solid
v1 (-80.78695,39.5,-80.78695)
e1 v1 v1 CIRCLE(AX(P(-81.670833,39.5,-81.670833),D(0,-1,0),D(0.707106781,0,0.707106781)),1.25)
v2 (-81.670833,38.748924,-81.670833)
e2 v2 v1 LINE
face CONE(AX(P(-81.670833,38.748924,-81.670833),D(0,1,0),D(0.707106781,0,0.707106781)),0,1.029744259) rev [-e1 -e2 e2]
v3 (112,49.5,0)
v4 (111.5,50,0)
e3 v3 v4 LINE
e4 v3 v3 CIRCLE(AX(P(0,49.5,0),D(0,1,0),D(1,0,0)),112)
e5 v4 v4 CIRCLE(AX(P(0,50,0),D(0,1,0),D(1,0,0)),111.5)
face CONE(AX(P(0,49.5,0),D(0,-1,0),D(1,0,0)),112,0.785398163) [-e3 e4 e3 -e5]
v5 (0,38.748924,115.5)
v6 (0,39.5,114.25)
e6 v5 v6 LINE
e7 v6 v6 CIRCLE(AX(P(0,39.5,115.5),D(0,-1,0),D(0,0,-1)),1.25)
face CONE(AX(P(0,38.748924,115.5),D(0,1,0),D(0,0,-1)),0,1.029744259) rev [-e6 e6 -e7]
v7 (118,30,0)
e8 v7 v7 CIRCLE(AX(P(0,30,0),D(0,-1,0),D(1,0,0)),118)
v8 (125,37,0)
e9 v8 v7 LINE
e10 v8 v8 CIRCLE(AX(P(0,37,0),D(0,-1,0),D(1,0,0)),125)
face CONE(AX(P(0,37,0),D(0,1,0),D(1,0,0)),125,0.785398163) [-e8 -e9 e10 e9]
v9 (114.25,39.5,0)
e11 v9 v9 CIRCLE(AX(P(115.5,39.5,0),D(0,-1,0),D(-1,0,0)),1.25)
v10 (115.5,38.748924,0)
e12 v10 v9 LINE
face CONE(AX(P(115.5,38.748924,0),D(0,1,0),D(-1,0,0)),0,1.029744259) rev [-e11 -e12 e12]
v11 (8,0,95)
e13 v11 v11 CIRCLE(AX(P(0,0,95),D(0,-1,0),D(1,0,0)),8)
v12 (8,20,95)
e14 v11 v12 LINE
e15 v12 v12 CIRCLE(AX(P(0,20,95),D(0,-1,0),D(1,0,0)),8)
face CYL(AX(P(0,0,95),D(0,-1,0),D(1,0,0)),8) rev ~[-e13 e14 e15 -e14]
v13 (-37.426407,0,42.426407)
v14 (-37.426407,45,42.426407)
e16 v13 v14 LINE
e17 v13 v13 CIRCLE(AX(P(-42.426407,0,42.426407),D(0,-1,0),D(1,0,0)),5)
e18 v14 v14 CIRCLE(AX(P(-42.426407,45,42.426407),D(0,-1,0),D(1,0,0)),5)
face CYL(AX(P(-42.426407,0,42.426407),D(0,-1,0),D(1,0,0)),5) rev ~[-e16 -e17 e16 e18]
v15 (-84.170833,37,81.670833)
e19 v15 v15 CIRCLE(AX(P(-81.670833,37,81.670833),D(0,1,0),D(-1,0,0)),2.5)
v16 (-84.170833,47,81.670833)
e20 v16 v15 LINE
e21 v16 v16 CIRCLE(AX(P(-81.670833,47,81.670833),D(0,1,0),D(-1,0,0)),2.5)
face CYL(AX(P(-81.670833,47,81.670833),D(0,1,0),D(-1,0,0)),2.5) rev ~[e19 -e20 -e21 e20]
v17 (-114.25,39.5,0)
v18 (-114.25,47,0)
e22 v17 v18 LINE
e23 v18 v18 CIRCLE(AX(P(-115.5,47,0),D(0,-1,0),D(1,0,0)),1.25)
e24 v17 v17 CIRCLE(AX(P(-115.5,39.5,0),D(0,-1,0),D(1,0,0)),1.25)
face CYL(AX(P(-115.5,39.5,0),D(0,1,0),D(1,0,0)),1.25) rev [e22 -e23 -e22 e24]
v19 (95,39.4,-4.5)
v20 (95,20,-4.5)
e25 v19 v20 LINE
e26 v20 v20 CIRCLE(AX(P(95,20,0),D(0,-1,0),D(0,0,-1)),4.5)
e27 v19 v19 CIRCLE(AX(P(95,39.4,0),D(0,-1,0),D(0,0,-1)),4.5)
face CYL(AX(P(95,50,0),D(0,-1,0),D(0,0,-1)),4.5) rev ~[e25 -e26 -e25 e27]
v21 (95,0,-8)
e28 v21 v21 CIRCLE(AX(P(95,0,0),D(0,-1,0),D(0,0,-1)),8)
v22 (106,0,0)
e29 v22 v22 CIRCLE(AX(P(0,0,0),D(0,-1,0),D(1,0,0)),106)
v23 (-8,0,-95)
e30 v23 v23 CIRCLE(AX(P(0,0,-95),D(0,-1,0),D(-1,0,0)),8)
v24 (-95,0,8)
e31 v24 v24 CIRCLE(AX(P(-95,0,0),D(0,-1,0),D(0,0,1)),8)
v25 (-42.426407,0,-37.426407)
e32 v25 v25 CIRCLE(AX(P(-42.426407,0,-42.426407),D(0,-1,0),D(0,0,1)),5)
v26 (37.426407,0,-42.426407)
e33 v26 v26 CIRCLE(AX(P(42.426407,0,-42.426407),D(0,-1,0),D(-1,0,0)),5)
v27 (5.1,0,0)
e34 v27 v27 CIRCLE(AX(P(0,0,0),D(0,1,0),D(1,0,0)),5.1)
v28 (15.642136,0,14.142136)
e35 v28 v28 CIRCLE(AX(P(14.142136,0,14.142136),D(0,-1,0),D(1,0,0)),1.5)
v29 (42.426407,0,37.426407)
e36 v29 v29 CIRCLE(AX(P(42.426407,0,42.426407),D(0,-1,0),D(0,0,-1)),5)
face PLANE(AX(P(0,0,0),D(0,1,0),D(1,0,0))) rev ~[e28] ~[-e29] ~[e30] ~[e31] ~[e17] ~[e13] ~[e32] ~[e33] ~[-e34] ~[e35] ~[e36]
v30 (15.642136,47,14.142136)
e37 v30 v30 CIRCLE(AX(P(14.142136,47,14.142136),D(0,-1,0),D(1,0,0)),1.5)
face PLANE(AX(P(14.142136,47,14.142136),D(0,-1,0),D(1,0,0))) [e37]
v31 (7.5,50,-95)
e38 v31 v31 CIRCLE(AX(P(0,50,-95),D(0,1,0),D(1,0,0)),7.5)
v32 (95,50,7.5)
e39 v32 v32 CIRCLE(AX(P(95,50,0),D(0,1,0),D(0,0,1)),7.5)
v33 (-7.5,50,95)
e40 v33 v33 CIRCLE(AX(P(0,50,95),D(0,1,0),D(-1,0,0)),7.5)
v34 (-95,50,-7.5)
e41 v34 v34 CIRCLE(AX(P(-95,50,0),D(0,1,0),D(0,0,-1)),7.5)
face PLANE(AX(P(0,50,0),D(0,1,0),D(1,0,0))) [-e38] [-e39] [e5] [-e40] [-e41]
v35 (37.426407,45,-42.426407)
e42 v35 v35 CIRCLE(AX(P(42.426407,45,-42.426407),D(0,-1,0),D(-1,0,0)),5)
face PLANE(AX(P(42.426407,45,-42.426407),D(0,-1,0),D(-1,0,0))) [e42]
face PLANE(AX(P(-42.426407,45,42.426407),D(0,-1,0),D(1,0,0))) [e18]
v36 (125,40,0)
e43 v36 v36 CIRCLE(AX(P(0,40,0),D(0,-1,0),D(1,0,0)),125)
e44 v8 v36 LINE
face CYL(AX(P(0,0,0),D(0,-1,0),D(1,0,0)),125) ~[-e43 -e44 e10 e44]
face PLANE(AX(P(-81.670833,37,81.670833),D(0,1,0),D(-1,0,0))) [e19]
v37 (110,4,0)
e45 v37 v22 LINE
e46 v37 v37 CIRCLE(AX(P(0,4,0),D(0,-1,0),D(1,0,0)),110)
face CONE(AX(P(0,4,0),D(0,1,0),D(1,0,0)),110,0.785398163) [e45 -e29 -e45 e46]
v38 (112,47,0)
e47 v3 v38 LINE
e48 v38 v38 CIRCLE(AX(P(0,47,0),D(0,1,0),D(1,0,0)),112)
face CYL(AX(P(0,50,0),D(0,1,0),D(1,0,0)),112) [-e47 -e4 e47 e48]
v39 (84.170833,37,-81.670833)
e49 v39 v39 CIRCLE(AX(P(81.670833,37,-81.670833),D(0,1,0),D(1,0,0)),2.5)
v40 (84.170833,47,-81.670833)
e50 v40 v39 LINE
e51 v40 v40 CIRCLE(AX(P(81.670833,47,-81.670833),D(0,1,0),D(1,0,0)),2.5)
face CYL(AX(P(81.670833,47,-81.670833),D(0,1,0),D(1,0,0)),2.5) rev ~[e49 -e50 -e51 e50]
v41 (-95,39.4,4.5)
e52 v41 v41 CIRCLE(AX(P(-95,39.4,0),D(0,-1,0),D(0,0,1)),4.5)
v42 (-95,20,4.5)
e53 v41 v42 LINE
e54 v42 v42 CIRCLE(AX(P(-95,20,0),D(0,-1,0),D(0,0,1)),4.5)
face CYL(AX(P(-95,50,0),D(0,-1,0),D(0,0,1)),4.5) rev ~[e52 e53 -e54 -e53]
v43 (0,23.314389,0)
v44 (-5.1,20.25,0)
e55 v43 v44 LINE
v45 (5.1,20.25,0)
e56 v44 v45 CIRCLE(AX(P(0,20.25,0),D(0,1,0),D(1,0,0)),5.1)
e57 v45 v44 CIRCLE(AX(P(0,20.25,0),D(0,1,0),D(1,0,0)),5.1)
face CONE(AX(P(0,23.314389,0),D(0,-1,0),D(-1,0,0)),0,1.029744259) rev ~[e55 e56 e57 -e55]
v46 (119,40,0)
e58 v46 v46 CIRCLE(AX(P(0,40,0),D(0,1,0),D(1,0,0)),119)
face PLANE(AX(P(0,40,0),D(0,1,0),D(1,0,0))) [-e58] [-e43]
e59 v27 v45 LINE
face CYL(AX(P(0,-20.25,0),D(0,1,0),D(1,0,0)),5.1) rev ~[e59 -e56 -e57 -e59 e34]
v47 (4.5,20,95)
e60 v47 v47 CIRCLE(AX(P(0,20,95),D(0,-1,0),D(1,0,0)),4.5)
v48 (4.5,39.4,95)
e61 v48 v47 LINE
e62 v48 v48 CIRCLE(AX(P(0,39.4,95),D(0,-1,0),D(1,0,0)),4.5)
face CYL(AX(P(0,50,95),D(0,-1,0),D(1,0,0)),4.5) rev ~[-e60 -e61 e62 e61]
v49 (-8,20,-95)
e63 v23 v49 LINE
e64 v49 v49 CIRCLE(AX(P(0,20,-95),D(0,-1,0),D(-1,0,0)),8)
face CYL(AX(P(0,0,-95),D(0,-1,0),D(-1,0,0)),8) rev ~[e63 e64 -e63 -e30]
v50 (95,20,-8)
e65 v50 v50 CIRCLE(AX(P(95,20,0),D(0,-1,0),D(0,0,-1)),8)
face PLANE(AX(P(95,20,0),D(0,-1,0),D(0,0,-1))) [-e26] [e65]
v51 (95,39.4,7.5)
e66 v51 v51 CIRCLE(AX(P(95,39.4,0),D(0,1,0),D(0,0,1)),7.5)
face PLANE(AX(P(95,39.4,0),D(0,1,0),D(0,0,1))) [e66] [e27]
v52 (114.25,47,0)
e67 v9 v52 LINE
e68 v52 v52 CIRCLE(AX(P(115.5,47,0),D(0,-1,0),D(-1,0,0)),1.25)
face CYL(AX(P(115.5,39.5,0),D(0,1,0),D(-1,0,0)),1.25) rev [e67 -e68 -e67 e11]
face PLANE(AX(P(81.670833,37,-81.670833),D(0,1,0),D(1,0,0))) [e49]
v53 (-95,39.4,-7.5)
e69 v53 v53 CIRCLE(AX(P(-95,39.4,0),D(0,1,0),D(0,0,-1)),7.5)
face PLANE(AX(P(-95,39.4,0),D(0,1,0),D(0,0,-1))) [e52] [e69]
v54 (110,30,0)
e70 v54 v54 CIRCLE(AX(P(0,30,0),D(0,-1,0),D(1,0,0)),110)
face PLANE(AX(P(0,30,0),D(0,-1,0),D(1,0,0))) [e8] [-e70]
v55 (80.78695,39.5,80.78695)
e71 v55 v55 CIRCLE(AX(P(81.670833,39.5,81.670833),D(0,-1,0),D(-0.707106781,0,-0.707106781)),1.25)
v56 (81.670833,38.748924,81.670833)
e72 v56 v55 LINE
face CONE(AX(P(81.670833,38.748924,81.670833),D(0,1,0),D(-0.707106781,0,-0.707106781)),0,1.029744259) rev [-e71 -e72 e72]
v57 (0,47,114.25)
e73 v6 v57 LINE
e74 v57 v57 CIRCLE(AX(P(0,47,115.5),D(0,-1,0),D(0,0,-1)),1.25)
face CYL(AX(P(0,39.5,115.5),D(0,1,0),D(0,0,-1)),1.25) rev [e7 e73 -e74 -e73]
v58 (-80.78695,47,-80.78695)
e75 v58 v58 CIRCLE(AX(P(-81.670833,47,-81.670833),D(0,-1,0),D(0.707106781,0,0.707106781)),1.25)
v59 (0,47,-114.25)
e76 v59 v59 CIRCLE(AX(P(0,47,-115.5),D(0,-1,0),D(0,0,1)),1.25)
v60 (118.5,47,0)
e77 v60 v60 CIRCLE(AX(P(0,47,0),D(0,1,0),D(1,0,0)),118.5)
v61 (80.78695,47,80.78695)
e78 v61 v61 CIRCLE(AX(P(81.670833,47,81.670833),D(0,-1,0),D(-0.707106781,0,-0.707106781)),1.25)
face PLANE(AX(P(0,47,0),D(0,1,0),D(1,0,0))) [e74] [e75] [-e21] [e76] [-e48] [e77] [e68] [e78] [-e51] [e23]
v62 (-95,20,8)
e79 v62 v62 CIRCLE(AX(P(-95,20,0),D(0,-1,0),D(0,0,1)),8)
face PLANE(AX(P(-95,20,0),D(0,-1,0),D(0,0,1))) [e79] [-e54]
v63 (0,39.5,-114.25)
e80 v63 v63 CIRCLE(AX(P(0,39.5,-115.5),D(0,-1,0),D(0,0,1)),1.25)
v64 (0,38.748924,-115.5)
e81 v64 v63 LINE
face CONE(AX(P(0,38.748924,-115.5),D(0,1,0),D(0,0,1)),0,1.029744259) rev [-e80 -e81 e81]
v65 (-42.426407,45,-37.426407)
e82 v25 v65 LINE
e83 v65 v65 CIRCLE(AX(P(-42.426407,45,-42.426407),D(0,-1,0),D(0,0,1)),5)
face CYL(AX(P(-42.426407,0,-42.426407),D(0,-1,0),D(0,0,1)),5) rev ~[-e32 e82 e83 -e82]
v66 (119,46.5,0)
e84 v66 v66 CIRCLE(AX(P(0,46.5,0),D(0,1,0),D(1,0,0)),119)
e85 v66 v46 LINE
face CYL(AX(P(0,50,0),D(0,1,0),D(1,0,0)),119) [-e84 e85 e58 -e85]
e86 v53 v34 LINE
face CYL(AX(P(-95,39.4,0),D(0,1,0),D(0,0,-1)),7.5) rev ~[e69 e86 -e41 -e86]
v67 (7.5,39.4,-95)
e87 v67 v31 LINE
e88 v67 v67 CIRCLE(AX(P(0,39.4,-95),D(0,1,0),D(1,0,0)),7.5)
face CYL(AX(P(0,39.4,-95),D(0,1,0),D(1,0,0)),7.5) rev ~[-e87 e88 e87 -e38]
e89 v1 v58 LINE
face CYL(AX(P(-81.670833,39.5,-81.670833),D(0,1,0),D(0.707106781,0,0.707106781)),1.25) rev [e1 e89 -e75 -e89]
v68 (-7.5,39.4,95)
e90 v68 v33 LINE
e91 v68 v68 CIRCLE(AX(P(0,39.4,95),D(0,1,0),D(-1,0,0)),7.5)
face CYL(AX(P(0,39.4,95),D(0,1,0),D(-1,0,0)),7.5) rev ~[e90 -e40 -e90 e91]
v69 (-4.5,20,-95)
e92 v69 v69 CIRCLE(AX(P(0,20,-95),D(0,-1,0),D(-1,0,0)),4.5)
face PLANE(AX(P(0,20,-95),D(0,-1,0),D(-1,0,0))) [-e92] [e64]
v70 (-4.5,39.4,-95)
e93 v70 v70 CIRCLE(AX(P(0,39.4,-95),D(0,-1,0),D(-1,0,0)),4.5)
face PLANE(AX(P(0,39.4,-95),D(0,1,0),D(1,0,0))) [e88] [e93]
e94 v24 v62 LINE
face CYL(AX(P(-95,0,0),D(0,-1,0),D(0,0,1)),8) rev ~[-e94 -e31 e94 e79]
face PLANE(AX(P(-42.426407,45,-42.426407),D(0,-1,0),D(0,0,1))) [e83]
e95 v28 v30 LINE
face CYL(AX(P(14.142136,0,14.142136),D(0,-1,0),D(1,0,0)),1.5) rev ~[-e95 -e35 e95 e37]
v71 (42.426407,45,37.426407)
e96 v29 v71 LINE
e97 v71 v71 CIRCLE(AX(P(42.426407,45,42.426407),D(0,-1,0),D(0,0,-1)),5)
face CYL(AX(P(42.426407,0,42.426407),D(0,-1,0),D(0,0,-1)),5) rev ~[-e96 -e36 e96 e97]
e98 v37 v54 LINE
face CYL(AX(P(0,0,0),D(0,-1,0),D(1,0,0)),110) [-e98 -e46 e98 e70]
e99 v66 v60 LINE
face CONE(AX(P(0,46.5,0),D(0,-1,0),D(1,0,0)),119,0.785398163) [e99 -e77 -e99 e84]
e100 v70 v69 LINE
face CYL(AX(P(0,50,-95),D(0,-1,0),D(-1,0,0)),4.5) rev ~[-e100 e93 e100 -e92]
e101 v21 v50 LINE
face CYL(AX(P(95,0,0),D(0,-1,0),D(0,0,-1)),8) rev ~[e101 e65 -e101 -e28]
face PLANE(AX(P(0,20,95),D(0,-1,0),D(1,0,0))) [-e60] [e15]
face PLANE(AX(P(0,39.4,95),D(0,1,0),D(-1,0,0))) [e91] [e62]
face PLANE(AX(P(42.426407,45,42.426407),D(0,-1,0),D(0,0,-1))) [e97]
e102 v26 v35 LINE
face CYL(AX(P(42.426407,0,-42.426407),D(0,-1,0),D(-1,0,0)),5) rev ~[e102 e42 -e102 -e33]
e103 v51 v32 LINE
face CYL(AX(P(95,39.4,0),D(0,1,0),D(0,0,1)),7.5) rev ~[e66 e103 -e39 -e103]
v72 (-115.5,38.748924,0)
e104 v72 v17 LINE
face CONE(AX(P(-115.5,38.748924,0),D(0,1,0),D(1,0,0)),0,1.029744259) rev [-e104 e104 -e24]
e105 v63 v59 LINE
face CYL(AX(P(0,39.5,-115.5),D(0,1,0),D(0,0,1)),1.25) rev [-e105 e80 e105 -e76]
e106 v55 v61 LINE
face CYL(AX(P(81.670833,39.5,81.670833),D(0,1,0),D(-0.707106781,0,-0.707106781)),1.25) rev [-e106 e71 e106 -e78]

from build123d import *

# Parameters (mm, degrees)
SKETCH1_R                                           = 125
BOSS_EXTRUDE1_DEPTH                                 = 50
SKETCH2_R                                           = 127
SKETCH2_R_2                                         = 119
PAKNING_DEPTH                                       = 10
SKETCH3_R                                           = 125
SKETCH3_R_2                                         = 112
PAKNINGSRING_DEPTH                                  = 3
SKETCH5_R                                           = 5
VARMELEMENT_DEPTH                                   = 45
VARMEELEMENT_PATTERN_COUNT                          = 4
SKETCH6_R                                           = 1.5
CUT_EXTRUDE5_DEPTH                                  = 47
SKETCH7_R                                           = 135
SKETCH7_R_2                                         = 110
CUT_EXTRUDE6_DEPTH                                  = 30
CHAMFER1_SIZE                                       = 7
CHAMFER2_SIZE                                       = 0.5
M12_TAPPED_HOLE1_D                                  = 10.2
M12_TAPPED_HOLE1_DEPTH                              = 20.25
M12_TAPPED_HOLE1_TIP                                = 3.064389157
SKETCH13_R                                          = 8
CUT_EXTRUDE8_DEPTH                                  = 20
CBORE_FOR_M8_HEX_SOCKET_HEAD_CAP_SCREW1_D           = 9
CBORE_FOR_M8_HEX_SOCKET_HEAD_CAP_SCREW1_CBORE_D     = 15
CBORE_FOR_M8_HEX_SOCKET_HEAD_CAP_SCREW1_CBORE_DEPTH = 10.6
CIRPATTERN1_COUNT                                   = 4
CHAMFER3_SIZE                                       = 4
CIRPATTERN2_COUNT                                   = 8
SKETCH18_R                                          = 2.5
CUT_EXTRUDE9_DEPTH                                  = 10
CIRPATTERN3_COUNT                                   = 2


with BuildPart() as part:
    # Sketch1 → Boss-Extrude1 (new body)
    with BuildSketch(Plane(origin=(0, 0, 0), x_dir=(1, 0, 0), z_dir=(0, 1, 0))):
        Circle(SKETCH1_R)
    extrude(amount=BOSS_EXTRUDE1_DEPTH)

    # Sketch2 → Pakning (cut)
    with BuildSketch(Plane(origin=(0, 50, 0), x_dir=(1, 0, 0), z_dir=(0, 1, 0))):
        Circle(SKETCH2_R)
        Circle(SKETCH2_R_2, mode=Mode.SUBTRACT)
    extrude(amount=-PAKNING_DEPTH, mode=Mode.SUBTRACT)

    # Sketch3 → PakningsRing (cut)
    with BuildSketch(Plane(origin=(0, 50, 0), x_dir=(1, 0, 0), z_dir=(0, 1, 0))):
        Circle(SKETCH3_R)
        Circle(SKETCH3_R_2, mode=Mode.SUBTRACT)
    extrude(amount=-PAKNINGSRING_DEPTH, mode=Mode.SUBTRACT)

    # Sketch5 → Varmelement (cut)
    with BuildSketch(Plane(origin=(0, 0, 0), x_dir=(-1, 0, 0), z_dir=(0, -1, 0))):
        with Locations((-42.426406871, 42.426406871)):
            Circle(SKETCH5_R)
    varmelement = extrude(amount=-VARMELEMENT_DEPTH, mode=Mode.SUBTRACT)

    # Varmeelement_pattern: Varmelement ×4 about axis
    varmeelement_pattern_axis = Axis((0, 0, 0), (0, 1, 0))
    for i in range(1, VARMEELEMENT_PATTERN_COUNT):
        add(varmelement.rotate(varmeelement_pattern_axis, i * 360 / VARMEELEMENT_PATTERN_COUNT), mode=Mode.SUBTRACT)

    # Sketch6 → Cut-Extrude5 (cut)
    with BuildSketch(Plane.XZ):
        with Locations((14.142135624, 14.142135624)):
            Circle(SKETCH6_R)
    extrude(amount=-CUT_EXTRUDE5_DEPTH, mode=Mode.SUBTRACT)

    # Sketch7 → Cut-Extrude6 (cut)
    with BuildSketch(Plane.XZ):
        Circle(SKETCH7_R)
        Circle(SKETCH7_R_2, mode=Mode.SUBTRACT)
    extrude(amount=-CUT_EXTRUDE6_DEPTH, mode=Mode.SUBTRACT)

    # Chamfer1
    chamfer1_edges = [part.edges().sort_by_distance(p)[0] for p in [
        (-125, 30, 0),
    ]]
    chamfer(chamfer1_edges, length=CHAMFER1_SIZE)

    # Chamfer2
    chamfer2_edges = [part.edges().sort_by_distance(p)[0] for p in [
        (-119, 47, 0),
        (-112, 50, 0),
    ]]
    chamfer(chamfer2_edges, length=CHAMFER2_SIZE)

    # M12 Tapped Hole1
    with Locations(Plane(origin=(0, 0, 0), x_dir=(-1, 0, 0), z_dir=(0, -1, 0))):
        with Locations((0, 0)):
            Hole(M12_TAPPED_HOLE1_D / 2, depth=M12_TAPPED_HOLE1_DEPTH)
            with Locations((0, 0, -(M12_TAPPED_HOLE1_DEPTH + M12_TAPPED_HOLE1_TIP / 2))):  # 118° drill point
                Cone(0, M12_TAPPED_HOLE1_D / 2, M12_TAPPED_HOLE1_TIP, mode=Mode.SUBTRACT)

    # Sketch13 → Cut-Extrude8 (cut)
    with BuildSketch(Plane(origin=(0, 0, 0), x_dir=(-1, 0, 0), z_dir=(0, -1, 0))):
        with Locations((0, 95)):
            Circle(SKETCH13_R)
    cut_extrude8 = extrude(amount=-CUT_EXTRUDE8_DEPTH, mode=Mode.SUBTRACT)

    # CBORE for M8 Hex Socket Head Cap Screw1 (through all)
    with Locations(Plane(origin=(0, 50, 0), x_dir=(1, 0, 0), z_dir=(0, 1, 0))):
        with Locations((0, 95)):
            cbore_for_m8_hex_socket_head_cap_screw1 = CounterBoreHole(CBORE_FOR_M8_HEX_SOCKET_HEAD_CAP_SCREW1_D / 2, CBORE_FOR_M8_HEX_SOCKET_HEAD_CAP_SCREW1_CBORE_D / 2, CBORE_FOR_M8_HEX_SOCKET_HEAD_CAP_SCREW1_CBORE_DEPTH)

    # CirPattern1: Cut-Extrude8, CBORE for M8 Hex Socket Head Cap Screw1 ×4 about axis
    cirpattern1_axis = Axis((0, 0, 0), (0, 1, 0))
    for i in range(1, CIRPATTERN1_COUNT):
        add(cut_extrude8.rotate(cirpattern1_axis, i * 360 / CIRPATTERN1_COUNT), mode=Mode.SUBTRACT)
        add(cbore_for_m8_hex_socket_head_cap_screw1.rotate(cirpattern1_axis, i * 360 / CIRPATTERN1_COUNT), mode=Mode.SUBTRACT)

    # Chamfer3
    chamfer3_edges = [part.edges().sort_by_distance(p)[0] for p in [
        (-110, 0, 0),
    ]]
    chamfer(chamfer3_edges, length=CHAMFER3_SIZE)

    # Sketch17 → M3 Tapped Hole1 (revolve, cut)
    with BuildSketch(Plane(origin=(0, 47, -115.5), x_dir=(0, 0, 1), z_dir=(1, 0, 0))):
        Polygon((0, 0), (0, 8.251075774), (1.25, 7.5), (1.25, 0), align=None)
    m3_tapped_hole1 = revolve(axis=Axis((0, 53.35, -115.5), (0, -1, 0)), mode=Mode.SUBTRACT)

    # CirPattern2: M3 Tapped Hole1 ×8 about axis, 2 skipped
    cirpattern2_axis = Axis((0, 0, 0), (0, 1, 0))
    add([m3_tapped_hole1.rotate(cirpattern2_axis, i * 360 / CIRPATTERN2_COUNT) for i in range(1, CIRPATTERN2_COUNT) if i not in (3, 7)], mode=Mode.SUBTRACT)

    # Sketch18 → Cut-Extrude9 (cut)
    with BuildSketch(Plane(origin=(0, 47, 0), x_dir=(1, 0, 0), z_dir=(0, 1, 0))):
        with Locations((81.670833227, 81.670833227)):
            Circle(SKETCH18_R)
    cut_extrude9 = extrude(amount=-CUT_EXTRUDE9_DEPTH, mode=Mode.SUBTRACT)

    # CirPattern3: Cut-Extrude9 ×2 about axis
    cirpattern3_axis = Axis((0, 0, 0), (0, 1, 0))
    for i in range(1, CIRPATTERN3_COUNT):
        add(cut_extrude9.rotate(cirpattern3_axis, i * 360 / CIRPATTERN3_COUNT), mode=Mode.SUBTRACT)


solid = part.part
